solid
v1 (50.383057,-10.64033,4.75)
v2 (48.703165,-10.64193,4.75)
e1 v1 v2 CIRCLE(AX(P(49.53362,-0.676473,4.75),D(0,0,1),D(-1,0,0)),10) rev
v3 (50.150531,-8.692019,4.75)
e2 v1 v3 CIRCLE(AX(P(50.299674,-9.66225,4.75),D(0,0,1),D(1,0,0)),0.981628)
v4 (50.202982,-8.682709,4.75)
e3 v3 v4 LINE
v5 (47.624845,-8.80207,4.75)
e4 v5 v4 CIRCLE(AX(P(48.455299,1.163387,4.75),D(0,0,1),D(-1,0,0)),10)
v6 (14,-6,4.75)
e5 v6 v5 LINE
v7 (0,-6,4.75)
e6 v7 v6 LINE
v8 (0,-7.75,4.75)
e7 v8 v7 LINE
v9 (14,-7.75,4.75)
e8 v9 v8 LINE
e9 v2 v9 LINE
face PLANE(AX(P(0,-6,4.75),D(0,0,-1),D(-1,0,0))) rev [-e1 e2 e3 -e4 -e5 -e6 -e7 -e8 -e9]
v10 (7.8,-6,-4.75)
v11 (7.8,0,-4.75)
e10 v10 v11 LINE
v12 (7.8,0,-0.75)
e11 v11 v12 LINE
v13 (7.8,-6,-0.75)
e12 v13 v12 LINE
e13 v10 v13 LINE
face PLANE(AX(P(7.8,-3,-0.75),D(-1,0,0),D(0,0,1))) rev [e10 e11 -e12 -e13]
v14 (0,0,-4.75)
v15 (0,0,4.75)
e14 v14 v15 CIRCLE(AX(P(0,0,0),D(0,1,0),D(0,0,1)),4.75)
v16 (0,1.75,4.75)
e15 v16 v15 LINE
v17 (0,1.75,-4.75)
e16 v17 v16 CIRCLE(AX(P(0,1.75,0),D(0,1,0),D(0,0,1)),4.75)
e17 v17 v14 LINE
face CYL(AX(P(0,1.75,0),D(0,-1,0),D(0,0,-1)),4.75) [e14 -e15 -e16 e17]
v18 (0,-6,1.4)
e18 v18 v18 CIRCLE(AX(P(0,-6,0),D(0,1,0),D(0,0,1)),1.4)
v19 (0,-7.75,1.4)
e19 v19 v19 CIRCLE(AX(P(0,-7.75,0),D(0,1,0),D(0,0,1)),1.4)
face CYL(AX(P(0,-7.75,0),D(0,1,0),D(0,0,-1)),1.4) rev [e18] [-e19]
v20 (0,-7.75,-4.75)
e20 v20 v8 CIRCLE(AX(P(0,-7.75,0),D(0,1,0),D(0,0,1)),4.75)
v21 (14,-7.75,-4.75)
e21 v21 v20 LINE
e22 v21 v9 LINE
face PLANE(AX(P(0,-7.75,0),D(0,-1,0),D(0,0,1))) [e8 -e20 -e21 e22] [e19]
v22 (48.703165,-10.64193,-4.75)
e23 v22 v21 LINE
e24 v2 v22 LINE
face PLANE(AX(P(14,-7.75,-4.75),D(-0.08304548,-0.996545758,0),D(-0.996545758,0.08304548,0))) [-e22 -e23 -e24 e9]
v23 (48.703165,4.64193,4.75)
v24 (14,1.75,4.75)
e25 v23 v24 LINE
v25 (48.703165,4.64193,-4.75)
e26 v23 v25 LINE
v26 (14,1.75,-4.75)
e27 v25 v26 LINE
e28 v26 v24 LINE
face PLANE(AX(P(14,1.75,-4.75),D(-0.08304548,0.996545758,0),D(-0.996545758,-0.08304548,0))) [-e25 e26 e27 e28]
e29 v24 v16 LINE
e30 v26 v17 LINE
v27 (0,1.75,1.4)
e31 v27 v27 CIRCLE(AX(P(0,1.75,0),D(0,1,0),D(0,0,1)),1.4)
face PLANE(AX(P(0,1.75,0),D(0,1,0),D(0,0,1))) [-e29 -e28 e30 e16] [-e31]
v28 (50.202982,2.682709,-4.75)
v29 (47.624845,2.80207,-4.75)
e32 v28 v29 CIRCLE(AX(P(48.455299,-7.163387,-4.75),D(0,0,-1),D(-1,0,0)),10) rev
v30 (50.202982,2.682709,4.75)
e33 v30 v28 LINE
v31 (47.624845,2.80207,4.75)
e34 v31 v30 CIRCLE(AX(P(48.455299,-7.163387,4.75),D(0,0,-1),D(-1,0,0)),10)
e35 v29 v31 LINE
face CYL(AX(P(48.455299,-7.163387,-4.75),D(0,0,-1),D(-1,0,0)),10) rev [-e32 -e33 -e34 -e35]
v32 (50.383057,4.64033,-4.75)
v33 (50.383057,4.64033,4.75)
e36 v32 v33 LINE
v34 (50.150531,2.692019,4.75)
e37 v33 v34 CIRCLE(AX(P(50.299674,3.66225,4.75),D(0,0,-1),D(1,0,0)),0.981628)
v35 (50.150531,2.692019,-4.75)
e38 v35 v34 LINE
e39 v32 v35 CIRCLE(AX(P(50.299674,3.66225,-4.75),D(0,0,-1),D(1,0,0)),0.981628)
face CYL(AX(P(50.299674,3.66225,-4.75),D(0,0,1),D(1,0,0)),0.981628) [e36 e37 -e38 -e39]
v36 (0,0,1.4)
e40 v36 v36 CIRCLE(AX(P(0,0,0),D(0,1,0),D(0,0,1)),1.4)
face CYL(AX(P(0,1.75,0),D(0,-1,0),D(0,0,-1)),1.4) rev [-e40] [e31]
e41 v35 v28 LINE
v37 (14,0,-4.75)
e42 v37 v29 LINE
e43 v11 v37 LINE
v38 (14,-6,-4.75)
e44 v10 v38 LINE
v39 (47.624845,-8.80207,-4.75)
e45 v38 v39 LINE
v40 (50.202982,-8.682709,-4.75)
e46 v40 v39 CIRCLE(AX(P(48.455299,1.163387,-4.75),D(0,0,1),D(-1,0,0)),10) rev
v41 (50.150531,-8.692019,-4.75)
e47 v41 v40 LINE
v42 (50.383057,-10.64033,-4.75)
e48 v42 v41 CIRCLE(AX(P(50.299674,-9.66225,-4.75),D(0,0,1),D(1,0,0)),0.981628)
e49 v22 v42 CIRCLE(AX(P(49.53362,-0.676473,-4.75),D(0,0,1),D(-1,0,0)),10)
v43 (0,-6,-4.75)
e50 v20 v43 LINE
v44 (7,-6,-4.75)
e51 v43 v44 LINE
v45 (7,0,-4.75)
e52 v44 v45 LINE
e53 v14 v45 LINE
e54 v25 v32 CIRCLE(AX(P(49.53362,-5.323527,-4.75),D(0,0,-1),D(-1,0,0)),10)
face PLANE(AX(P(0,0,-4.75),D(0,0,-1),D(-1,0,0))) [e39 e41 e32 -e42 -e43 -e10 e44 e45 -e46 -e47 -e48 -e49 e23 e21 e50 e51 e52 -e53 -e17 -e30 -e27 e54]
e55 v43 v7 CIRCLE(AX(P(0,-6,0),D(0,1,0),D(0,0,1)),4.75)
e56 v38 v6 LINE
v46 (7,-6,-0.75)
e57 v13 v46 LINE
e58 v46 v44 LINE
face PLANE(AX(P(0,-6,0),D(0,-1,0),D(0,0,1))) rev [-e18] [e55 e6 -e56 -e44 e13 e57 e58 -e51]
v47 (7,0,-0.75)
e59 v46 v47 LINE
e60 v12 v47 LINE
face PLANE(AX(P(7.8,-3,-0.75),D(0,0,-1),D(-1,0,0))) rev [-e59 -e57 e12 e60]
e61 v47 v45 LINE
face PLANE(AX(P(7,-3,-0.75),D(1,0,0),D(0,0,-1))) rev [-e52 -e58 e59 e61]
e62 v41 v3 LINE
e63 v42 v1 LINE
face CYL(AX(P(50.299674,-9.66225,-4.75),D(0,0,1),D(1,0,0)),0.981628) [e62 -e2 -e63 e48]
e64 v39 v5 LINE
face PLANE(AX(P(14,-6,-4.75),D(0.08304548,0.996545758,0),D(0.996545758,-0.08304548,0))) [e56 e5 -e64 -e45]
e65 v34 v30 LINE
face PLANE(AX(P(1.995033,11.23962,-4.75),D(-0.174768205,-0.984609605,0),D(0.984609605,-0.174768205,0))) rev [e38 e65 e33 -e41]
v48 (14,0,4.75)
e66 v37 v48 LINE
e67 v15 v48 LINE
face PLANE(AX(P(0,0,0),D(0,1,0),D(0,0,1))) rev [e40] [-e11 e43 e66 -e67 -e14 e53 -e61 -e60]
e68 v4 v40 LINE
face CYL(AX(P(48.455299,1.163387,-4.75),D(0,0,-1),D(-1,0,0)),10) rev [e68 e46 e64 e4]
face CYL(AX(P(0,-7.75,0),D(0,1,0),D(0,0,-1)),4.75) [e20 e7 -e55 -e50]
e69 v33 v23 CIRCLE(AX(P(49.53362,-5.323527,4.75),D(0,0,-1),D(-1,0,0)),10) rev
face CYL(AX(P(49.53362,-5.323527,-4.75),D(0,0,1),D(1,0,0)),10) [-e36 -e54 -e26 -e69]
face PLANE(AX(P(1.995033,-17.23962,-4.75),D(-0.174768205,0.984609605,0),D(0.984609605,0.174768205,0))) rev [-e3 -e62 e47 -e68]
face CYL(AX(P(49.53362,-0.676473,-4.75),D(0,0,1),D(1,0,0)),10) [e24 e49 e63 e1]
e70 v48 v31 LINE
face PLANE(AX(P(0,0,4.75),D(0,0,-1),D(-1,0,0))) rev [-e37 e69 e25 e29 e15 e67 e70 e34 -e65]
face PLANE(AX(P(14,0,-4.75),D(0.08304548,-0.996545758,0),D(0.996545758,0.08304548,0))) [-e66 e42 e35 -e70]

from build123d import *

# Parameters (mm, degrees)
SKETCH_1_R           = 4.75
SKETCH_1_R_2         = 1.4
EXTRUDE_1_DEPTH      = 1.75
EXTRUDE_2_DEPTH      = 4.75
EXTRUDE_2_DEPTH_BACK = 4.75
SKETCH_3_R           = 1.4
CUT_EXTRUDE_1_DEPTH  = 71.22508455
FILLET_1_R           = 10
FILLET_2_R           = 10
SKETCH_5_W           = 18.718698013
SKETCH_5_H           = 4.522568897
CUT_EXTRUDE_3_DEPTH  = 71.796323339
CUT_EXTRUDE_4_DEPTH  = 53.363072215
CUT_EXTRUDE_5_DEPTH  = 53.363072215
SKETCH_10_W          = 0.8
SKETCH_10_H          = 4
EXTRUDE_3_DEPTH      = 3


with BuildPart() as part:
    # 草图1 → 凸台-拉伸1 (new body)
    with BuildSketch(Plane(origin=(0, 0, 0), x_dir=(1, 0, 0), z_dir=(0, 1, 0))):
        Circle(SKETCH_1_R)
        Circle(SKETCH_1_R_2, mode=Mode.SUBTRACT)
    extrude(amount=EXTRUDE_1_DEPTH)

    # 草图2 → 凸台-拉伸2 (add, two sides: drawn at the far end of the back side and taken through both)
    with BuildSketch(Plane.XY.offset(-EXTRUDE_2_DEPTH_BACK)):
        Polygon((14, 1.75), (50, 4.75), (70, 1.2), (70, 0), (65.316834236, 0), (48.921679528, 2.910139961), (14, 0), (0, 0), (0, 1.75), align=None)
    extrude(amount=EXTRUDE_2_DEPTH + EXTRUDE_2_DEPTH_BACK)

    # 草图3 → 切除-拉伸1 (cut, through all)
    with BuildSketch(Plane(origin=(0, 1.75, 0), x_dir=(1, 0, 0), z_dir=(0, 1, 0))):
        Circle(SKETCH_3_R)
    extrude(amount=-CUT_EXTRUDE_1_DEPTH, mode=Mode.SUBTRACT)

    # 圆角1
    fillet_1_edges = [part.edges().sort_by_distance(p)[0] for p in [
        (50, 4.75, 0),
        (48.921679528, 2.910139961, 0),
    ]]
    fillet(fillet_1_edges, radius=FILLET_1_R)

    # 圆角2
    fillet_2_edges = [part.edges().sort_by_distance(p)[0] for p in [
        (65.316834236, 0, 0),
    ]]
    fillet(fillet_2_edges, radius=FILLET_2_R)

    # 草图5 → 切除-拉伸3 (cut, through all)
    with BuildSketch(Plane.XY.offset(4.75)):
        with Locations((60.640650994, 2.261284449)):
            Rectangle(SKETCH_5_W, SKETCH_5_H)
    extrude(amount=-CUT_EXTRUDE_3_DEPTH, mode=Mode.SUBTRACT)

    # 草图6 → 切除-拉伸4 (cut, through all)
    with BuildSketch(Plane.XY.offset(4.75)):
        with BuildLine():
            Line((51.281301987, 4.522568897), (51.281301987, 3.662250428))
            ThreePointArc((51.281301987, 3.662250428), (51.022669477, 4.326231546), (50.383057367, 4.640330335))
            ThreePointArc((50.383057367, 4.640330335), (50.833513908, 4.591626686), (51.281301987, 4.522568897))
        make_face()
    extrude(amount=-CUT_EXTRUDE_4_DEPTH, mode=Mode.SUBTRACT)

    # 草图7 → 切除-拉伸5 (cut, through all)
    with BuildSketch(Plane.XY.offset(4.75)):
        with BuildLine():
            Line((51.281301987, 2.491306974), (51.281301987, 3.662250428))
            ThreePointArc((51.281301987, 3.662250428), (50.938888433, 2.917268377), (50.150530669, 2.692018883))
            Line((50.150530669, 2.692018883), (50.202981515, 2.682708858))
            Line((50.202981515, 2.682708858), (51.281301987, 2.491306974))
        make_face()
    extrude(amount=-CUT_EXTRUDE_5_DEPTH, mode=Mode.SUBTRACT)

    # 草图10 → 凸台-拉伸3 (add)
    with BuildSketch(Plane.XZ):
        with Locations((7.4, -2.75)):
            Rectangle(SKETCH_10_W, SKETCH_10_H)
    extrude(amount=EXTRUDE_3_DEPTH)

    # 镜向1: part across plane


with BuildPart() as part_1:
    add(part.part)
    add(part.part.mirror(Plane.ZX.offset(-3)))


solid = part_1.part
